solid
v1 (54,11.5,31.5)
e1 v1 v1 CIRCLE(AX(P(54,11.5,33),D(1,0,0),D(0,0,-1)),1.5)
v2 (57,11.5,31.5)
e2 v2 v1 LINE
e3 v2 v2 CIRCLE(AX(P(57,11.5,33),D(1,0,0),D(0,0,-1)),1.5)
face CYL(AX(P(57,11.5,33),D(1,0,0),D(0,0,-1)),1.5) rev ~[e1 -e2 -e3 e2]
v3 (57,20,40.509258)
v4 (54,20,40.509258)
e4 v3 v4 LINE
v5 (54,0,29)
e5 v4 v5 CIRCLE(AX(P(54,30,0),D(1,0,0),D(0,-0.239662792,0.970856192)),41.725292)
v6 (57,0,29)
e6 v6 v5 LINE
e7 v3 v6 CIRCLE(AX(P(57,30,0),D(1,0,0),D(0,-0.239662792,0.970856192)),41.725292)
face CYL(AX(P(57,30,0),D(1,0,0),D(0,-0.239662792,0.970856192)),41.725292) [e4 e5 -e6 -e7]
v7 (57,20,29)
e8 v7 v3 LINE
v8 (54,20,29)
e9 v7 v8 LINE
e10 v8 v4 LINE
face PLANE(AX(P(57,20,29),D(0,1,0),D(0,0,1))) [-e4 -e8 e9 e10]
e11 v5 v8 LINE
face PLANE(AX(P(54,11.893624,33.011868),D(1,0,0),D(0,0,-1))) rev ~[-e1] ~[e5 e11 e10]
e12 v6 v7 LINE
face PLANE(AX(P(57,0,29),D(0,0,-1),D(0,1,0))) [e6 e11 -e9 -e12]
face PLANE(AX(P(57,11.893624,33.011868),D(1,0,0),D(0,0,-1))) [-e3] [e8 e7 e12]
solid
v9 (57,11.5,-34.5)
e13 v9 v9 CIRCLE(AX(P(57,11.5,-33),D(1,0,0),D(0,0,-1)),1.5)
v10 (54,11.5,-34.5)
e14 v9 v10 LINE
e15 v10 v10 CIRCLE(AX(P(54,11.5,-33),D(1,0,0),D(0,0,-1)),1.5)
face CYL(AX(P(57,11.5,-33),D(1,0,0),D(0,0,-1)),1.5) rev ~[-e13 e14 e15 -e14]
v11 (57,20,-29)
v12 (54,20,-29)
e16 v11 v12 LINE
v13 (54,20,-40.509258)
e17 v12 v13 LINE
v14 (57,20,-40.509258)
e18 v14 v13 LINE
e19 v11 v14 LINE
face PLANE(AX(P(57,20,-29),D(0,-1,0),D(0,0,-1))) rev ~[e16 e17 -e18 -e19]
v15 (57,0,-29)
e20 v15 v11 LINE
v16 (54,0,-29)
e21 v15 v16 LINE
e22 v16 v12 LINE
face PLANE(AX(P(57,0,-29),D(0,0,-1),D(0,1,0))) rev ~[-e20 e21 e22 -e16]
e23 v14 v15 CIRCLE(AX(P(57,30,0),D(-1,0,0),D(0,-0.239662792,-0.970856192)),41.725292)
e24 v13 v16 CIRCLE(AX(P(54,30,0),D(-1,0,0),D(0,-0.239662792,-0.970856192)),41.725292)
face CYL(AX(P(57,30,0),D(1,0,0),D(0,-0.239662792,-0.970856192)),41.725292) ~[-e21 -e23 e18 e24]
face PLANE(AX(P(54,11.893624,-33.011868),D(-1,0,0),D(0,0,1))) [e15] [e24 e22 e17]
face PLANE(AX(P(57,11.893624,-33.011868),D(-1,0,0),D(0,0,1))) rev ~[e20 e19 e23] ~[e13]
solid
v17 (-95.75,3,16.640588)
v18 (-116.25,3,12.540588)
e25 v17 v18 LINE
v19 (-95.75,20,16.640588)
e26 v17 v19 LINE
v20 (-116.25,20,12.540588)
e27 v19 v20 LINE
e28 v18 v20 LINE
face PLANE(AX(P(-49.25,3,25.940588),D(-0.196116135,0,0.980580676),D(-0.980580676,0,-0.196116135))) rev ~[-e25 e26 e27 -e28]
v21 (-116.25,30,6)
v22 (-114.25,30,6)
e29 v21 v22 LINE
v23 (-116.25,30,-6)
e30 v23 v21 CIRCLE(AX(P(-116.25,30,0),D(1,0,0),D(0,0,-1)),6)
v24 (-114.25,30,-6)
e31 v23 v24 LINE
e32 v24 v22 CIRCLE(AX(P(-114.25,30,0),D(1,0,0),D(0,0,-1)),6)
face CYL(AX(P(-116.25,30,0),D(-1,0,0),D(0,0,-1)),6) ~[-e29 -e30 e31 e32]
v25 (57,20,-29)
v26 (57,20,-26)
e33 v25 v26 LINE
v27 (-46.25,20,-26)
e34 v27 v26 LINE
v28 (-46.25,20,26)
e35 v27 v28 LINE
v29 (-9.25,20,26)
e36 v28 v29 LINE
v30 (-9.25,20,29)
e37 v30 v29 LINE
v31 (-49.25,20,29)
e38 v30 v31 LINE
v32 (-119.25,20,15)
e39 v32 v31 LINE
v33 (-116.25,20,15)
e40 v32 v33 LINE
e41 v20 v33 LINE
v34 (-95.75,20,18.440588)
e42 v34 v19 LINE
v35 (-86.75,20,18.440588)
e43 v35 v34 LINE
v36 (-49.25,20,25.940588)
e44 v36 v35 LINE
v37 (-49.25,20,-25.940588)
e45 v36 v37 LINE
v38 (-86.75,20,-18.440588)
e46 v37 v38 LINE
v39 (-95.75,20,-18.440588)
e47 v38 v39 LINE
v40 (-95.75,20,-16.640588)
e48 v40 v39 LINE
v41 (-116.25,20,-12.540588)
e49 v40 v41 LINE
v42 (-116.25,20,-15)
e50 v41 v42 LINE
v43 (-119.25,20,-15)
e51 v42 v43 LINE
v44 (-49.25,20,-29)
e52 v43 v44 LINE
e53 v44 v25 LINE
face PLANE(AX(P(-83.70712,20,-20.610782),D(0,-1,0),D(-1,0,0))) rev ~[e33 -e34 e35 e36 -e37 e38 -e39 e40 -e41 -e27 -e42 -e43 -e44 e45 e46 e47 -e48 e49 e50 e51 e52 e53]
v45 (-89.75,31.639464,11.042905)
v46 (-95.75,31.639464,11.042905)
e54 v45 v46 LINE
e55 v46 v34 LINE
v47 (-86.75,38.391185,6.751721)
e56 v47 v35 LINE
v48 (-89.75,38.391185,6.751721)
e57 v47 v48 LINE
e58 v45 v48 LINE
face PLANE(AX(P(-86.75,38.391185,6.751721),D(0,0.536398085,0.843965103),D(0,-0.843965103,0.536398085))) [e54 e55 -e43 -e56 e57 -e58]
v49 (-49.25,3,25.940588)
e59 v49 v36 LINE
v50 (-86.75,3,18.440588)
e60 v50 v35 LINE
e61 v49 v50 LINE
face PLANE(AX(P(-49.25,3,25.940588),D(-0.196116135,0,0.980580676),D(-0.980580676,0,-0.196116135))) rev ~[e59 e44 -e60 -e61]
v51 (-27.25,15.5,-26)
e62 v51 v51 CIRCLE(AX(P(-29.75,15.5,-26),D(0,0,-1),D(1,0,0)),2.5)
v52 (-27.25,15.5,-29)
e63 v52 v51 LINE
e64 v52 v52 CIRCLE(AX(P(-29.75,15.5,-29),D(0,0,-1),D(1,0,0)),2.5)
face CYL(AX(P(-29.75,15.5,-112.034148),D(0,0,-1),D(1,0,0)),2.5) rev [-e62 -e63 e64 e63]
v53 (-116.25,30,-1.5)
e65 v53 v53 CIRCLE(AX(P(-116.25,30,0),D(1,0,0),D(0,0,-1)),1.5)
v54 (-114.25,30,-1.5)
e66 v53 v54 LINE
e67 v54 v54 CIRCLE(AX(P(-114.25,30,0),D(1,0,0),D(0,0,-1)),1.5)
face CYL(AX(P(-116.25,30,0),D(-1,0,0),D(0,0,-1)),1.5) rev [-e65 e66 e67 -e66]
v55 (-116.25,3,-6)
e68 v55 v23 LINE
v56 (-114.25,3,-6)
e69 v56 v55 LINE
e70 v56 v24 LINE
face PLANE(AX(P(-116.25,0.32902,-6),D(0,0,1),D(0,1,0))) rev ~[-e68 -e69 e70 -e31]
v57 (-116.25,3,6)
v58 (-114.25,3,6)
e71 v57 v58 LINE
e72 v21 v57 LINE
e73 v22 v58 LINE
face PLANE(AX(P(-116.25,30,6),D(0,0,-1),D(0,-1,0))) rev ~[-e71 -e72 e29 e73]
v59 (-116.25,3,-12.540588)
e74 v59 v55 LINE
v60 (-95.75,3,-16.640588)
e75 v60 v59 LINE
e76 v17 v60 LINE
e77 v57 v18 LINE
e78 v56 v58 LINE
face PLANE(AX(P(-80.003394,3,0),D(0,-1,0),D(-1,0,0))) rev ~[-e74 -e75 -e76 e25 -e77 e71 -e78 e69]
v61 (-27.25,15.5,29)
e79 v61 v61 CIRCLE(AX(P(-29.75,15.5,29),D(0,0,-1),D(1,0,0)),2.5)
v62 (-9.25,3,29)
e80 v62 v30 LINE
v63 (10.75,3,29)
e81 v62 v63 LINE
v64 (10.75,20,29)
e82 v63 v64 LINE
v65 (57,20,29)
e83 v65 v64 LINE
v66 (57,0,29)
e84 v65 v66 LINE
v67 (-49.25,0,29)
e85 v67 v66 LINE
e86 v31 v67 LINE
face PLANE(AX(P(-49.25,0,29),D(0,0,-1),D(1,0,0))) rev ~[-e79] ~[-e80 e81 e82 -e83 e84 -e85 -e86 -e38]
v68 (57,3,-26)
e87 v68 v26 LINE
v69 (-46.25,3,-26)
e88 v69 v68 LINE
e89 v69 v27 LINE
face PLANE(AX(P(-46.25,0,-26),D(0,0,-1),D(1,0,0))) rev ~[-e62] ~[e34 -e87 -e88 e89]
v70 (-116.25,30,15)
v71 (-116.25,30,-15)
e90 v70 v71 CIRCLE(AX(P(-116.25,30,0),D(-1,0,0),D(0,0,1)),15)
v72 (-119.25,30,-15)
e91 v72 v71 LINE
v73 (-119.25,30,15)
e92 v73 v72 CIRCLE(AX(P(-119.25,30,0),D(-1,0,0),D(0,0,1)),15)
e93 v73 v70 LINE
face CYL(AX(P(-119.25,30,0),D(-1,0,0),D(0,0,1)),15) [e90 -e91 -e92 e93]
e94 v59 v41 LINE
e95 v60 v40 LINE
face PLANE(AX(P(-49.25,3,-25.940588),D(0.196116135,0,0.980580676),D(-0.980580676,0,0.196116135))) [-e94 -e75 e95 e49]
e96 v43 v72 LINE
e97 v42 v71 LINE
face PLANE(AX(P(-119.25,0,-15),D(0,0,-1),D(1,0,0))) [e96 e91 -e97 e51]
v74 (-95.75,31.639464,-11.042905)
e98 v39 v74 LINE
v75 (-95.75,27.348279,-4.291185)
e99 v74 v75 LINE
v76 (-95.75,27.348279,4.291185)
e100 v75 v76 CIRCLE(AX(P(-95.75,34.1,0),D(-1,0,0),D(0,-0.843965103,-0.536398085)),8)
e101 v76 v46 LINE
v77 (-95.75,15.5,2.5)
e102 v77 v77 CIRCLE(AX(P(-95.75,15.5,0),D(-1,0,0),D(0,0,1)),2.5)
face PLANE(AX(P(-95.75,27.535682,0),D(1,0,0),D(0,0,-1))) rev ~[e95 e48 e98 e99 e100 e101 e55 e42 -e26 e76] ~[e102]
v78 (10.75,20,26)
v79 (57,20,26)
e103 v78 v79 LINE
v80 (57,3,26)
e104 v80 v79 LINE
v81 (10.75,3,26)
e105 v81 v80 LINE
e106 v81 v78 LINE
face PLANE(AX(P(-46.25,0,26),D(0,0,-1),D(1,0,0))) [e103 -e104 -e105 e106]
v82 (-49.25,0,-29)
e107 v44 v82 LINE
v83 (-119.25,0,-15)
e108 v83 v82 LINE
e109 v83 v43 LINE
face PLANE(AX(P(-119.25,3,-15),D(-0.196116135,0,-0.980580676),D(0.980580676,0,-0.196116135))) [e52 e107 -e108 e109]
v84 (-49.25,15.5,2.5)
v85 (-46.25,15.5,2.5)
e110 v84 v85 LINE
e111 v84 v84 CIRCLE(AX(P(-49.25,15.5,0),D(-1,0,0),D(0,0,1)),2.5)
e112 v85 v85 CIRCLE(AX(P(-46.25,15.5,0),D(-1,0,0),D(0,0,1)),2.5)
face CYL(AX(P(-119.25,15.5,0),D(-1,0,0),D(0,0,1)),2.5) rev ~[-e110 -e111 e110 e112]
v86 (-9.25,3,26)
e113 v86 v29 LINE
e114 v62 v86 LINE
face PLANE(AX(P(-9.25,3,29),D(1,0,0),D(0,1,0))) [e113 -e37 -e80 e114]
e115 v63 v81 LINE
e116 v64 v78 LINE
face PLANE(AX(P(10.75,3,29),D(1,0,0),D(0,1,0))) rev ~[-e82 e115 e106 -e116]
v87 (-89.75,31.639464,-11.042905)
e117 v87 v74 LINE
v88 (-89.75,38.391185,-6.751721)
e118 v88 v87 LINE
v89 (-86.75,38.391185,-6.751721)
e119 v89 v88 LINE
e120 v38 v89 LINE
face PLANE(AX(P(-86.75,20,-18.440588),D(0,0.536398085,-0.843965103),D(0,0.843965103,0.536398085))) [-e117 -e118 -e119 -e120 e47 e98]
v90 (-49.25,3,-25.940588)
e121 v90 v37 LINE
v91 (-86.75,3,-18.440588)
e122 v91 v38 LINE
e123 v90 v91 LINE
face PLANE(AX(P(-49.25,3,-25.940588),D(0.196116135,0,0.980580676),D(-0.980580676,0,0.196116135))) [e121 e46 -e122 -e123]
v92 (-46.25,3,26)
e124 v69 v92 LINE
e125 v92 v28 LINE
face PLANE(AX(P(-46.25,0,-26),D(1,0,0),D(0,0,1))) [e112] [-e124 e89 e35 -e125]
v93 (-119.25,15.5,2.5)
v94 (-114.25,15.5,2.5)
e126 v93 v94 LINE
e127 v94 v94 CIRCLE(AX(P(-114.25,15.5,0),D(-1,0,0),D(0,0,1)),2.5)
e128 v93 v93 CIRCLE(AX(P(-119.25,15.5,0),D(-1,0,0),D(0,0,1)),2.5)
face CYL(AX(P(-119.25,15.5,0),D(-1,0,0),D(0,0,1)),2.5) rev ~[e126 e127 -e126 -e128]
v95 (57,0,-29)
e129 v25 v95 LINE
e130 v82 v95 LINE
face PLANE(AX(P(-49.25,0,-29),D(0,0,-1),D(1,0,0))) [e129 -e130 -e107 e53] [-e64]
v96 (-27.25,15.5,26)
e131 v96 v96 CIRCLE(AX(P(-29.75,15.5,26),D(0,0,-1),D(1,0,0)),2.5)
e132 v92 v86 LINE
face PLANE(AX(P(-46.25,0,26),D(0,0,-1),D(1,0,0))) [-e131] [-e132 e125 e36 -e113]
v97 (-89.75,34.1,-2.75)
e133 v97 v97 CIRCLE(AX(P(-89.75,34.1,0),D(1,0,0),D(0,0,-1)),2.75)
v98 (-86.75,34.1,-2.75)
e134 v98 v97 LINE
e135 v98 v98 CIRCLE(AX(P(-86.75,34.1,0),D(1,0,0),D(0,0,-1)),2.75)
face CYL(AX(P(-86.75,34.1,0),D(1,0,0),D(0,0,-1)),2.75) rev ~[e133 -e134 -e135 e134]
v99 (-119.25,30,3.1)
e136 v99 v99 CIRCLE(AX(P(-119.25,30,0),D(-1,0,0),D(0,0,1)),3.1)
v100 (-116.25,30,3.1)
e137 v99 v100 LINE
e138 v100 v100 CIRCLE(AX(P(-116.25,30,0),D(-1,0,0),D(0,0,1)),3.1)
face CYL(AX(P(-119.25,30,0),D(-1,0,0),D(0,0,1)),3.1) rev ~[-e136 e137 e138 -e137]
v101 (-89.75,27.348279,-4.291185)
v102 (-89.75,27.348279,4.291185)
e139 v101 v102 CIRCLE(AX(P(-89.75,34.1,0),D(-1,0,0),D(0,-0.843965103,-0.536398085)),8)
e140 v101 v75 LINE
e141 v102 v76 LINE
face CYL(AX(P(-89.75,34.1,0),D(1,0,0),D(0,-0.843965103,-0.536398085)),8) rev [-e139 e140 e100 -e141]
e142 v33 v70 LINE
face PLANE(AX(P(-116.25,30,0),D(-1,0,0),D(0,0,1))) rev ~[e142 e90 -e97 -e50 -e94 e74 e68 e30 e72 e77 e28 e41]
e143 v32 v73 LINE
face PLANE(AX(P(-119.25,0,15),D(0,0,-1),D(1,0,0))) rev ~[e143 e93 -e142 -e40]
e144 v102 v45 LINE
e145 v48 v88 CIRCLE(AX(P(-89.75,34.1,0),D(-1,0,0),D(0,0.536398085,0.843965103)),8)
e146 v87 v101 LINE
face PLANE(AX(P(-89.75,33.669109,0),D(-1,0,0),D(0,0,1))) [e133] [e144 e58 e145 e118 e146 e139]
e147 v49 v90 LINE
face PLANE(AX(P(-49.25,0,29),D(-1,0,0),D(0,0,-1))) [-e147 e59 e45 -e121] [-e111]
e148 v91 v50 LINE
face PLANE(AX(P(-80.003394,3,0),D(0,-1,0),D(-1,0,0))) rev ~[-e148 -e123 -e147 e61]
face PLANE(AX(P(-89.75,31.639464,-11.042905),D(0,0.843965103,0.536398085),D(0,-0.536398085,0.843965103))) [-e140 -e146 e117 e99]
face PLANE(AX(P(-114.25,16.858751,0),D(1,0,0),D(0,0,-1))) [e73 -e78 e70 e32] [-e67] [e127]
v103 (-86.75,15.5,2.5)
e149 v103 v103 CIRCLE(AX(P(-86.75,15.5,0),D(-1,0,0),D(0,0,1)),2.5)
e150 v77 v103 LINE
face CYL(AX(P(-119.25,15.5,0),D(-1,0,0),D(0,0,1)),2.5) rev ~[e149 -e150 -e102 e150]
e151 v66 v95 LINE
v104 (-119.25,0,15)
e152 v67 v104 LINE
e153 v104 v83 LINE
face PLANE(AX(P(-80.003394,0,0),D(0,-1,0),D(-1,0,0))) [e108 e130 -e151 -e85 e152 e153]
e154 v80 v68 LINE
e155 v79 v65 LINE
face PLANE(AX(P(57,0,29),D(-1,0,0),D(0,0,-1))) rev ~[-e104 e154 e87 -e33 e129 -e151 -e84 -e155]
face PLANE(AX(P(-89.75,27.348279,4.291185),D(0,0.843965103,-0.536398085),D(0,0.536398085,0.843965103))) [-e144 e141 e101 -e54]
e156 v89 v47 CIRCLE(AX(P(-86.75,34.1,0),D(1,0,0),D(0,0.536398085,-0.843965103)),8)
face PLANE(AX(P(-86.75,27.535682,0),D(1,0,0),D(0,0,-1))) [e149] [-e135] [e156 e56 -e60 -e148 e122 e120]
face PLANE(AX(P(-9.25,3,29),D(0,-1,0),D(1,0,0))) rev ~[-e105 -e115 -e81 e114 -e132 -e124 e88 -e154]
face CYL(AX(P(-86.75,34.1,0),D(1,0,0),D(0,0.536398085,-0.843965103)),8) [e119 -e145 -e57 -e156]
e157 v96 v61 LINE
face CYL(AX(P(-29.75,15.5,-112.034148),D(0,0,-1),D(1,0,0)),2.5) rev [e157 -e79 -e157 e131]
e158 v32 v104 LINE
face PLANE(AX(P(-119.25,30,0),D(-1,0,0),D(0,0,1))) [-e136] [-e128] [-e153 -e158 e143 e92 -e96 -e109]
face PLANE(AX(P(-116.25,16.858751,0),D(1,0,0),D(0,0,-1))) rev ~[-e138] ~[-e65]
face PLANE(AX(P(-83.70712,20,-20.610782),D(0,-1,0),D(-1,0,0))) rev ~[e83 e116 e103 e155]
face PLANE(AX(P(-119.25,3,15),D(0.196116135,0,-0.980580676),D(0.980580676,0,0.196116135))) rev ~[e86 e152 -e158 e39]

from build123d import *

# Parameters (mm, degrees)
SKETCH2_W               = 106.25
SKETCH2_H               = 58
BOSS_EXTRUDE1_DEPTH     = 3
SKETCH3_W               = 103.25
SKETCH3_H               = 3
BOSS_EXTRUDE2_DEPTH     = 20
SKETCH4_W               = 3
SKETCH4_H               = 30
BOSS_EXTRUDE3_DEPTH     = 30
BOSS_EXTRUDE4_DEPTH     = 17
SKETCH6_R               = 15
BOSS_EXTRUDE5_DEPTH     = 3
CUT_EXTRUDE1_REACH      = 186.201
SKETCH7_R               = 3.1
SKETCH19_R              = 1.5
BOSS_EXTRUDE9_DEPTH     = 2
BOSS_EXTRUDE6_DEPTH     = 17
SKETCH9_R               = 2.5
CUT_EXTRUDE2_DEPTH      = 185.201146848
CUT_EXTRUDE3_DEPTH      = 141.034147621
CUT_EXTRUDE3_DEPTH_BACK = 141.034147621
SKETCH10_R              = 2.5
SKETCH14_R              = 2.75
BOSS_EXTRUDE7_DEPTH     = 9
SKETCH16_R              = 1.5
BOSS_EXTRUDE8_DEPTH     = 3
BOSS_EXTRUDE8_2_DEPTH   = 3
CUT_EXTRUDE4_START      = -6
CUT_EXTRUDE4_DEPTH      = 6
SKETCH18_W              = 20
SKETCH18_H              = 17
CUT_EXTRUDE5_DEPTH      = 3


with BuildPart() as part:
    # Sketch2 → Boss-Extrude1 (new body)
    with BuildSketch(Plane(origin=(0, 0, 0), x_dir=(1, 0, 0), z_dir=(0, 1, 0))):
        Polygon((-119.25, 15), (-49.25, 29), (-49.25, -29), (-119.25, -15), align=None)
        with Locations((3.875, 0)):
            Rectangle(SKETCH2_W, SKETCH2_H)
    extrude(amount=BOSS_EXTRUDE1_DEPTH)

    # Sketch3 → Boss-Extrude2 (add)
    with BuildSketch(Plane.XZ):
        with Locations((5.375, 27.5)):
            Rectangle(SKETCH3_W, SKETCH3_H)
        Polygon((-46.25, 29), (-49.25, 29), (-49.25, 25.940588292), (-49.25, -25.940588292), (-49.25, -29), (-46.25, -29), (-46.25, -26), (-46.25, 26), align=None)
        with Locations((5.375, -27.5)):
            Rectangle(SKETCH3_W, SKETCH3_H)
    extrude(amount=-BOSS_EXTRUDE2_DEPTH)

    # Sketch4 → Boss-Extrude3 (add)
    with BuildSketch(Plane.XZ):
        with Locations((-117.75, 0)):
            Rectangle(SKETCH4_W, SKETCH4_H)
    extrude(amount=-BOSS_EXTRUDE3_DEPTH)

    # Sketch5 → Boss-Extrude4 (add)
    with BuildSketch(Plane(origin=(0, 3, 0), x_dir=(1, 0, 0), z_dir=(0, 1, 0))):
        Polygon((-49.25, 25.940588292), (-116.25, 12.540588292), (-119.25, 15), (-49.25, 29), align=None)
        Polygon((-49.25, -25.940588292), (-116.25, -12.540588292), (-119.25, -15), (-49.25, -29), align=None)
    extrude(amount=BOSS_EXTRUDE4_DEPTH)

    # Sketch6 → Boss-Extrude5 (add)
    with BuildSketch(Plane.ZY.offset(119.25)):
        with Locations((0, 30)):
            Circle(SKETCH6_R)
    extrude(amount=-BOSS_EXTRUDE5_DEPTH)

    # Sketch7 → Cut-Extrude1 (cut, up to next)
    with BuildSketch(Plane.ZY.offset(119.25), mode=Mode.PRIVATE) as cut_extrude1_sk1:
        with Locations((0, 30)):
            Circle(SKETCH7_R)
    cut_extrude1_tool1 = extrude(cut_extrude1_sk1.sketch, amount=-CUT_EXTRUDE1_REACH, mode=Mode.PRIVATE) & part.part
    add(cut_extrude1_tool1.solids().sort_by_distance((-119.25, 30, 0))[0], mode=Mode.SUBTRACT)

    # Sketch19 → Boss-Extrude9 (add)
    with BuildSketch(Plane(origin=(-116.25, 0, 0), x_dir=(0, 0, -1), z_dir=(1, 0, 0))):
        with BuildLine():
            Line((-6, 30), (-6, 0.329020031))
            Line((-6, 0.329020031), (6, 0.329020031))
            Line((6, 0.329020031), (6, 30))
            ThreePointArc((6, 30), (0, 36), (-6, 30))
        make_face()
        with Locations((0, 30)):
            Circle(SKETCH19_R, mode=Mode.SUBTRACT)
    extrude(amount=BOSS_EXTRUDE9_DEPTH)

    # Sketch11 → Boss-Extrude6 (add)
    with BuildSketch(Plane(origin=(0, 3, 0), x_dir=(1, 0, 0), z_dir=(0, 1, 0))):
        Polygon((-86.75, 18.440588292), (-86.75, -18.440588292), (-95.75, -16.640588292), (-95.75, 16.640588292), align=None)
    extrude(amount=BOSS_EXTRUDE6_DEPTH)

    # Sketch9 → Cut-Extrude2 (cut, through all)
    with BuildSketch(Plane.ZY.offset(119.25)):
        with Locations((0, 15.5)):
            Circle(SKETCH9_R)
    extrude(amount=-CUT_EXTRUDE2_DEPTH, mode=Mode.SUBTRACT)

    # Sketch10 → Cut-Extrude3 (cut, two sides: drawn at the far end of the back side and taken through both)
    with BuildSketch(Plane.XY.offset(29).offset(-CUT_EXTRUDE3_DEPTH_BACK)):
        with Locations((-29.75, 15.5)):
            Circle(SKETCH10_R)
    extrude(amount=CUT_EXTRUDE3_DEPTH + CUT_EXTRUDE3_DEPTH_BACK, mode=Mode.SUBTRACT)

    # Sketch14 → Boss-Extrude7 (add)
    with BuildSketch(Plane(origin=(-86.75, 0, 0), x_dir=(0, 0, -1), z_dir=(1, 0, 0))):
        with BuildLine():
            Line((18.440588292, 20), (6.751720823, 38.391184677))
            ThreePointArc((6.751720823, 38.391184677), (0, 42.1), (-6.751720823, 38.391184677))
            Line((-6.751720823, 38.391184677), (-18.440588292, 20))
            Line((-18.440588292, 20), (18.440588292, 20))
        make_face()
        with Locations((0, 34.1)):
            Circle(SKETCH14_R, mode=Mode.SUBTRACT)
    extrude(amount=-BOSS_EXTRUDE7_DEPTH)

    # Sketch17 → Cut-Extrude4 (cut)
    with BuildSketch(Plane.ZY.offset(95.75).offset(CUT_EXTRUDE4_START)):
        with BuildLine():
            Line((4.291184677, 27.348279177), (11.0429055, 31.639463855))
            Line((11.0429055, 31.639463855), (6.751720823, 38.391184677))
            ThreePointArc((6.751720823, 38.391184677), (0, 42.1), (-6.751720823, 38.391184677))
            Line((-6.751720823, 38.391184677), (-11.0429055, 31.639463855))
            Line((-11.0429055, 31.639463855), (-4.291184677, 27.348279177))
            ThreePointArc((-4.291184677, 27.348279177), (0, 26.1), (4.291184677, 27.348279177))
        make_face()
    extrude(amount=CUT_EXTRUDE4_DEPTH, mode=Mode.SUBTRACT)

    # Sketch18 → Cut-Extrude5 (cut)
    with BuildSketch(Plane.XY.offset(29)):
        with Locations((0.75, 11.5)):
            Rectangle(SKETCH18_W, SKETCH18_H)
    extrude(amount=-CUT_EXTRUDE5_DEPTH, mode=Mode.SUBTRACT)


with BuildPart() as body_2:
    # Sketch16 → Boss-Extrude8 (new body)
    with BuildSketch(Plane(origin=(57, 0, 0), x_dir=(0, 0, -1), z_dir=(1, 0, 0))):
        with BuildLine():
            Line((-29, 20), (-40.509258201, 20))
            ThreePointArc((-40.509258201, 20), (-36.164682273, 9.188566698), (-29, 0))
            Line((-29, 0), (-29, 20))
        make_face()
        with Locations((-33, 11.5)):
            Circle(SKETCH16_R, mode=Mode.SUBTRACT)
    extrude(amount=-BOSS_EXTRUDE8_DEPTH)


with BuildPart() as body_3:
    # Sketch16 → Boss-Extrude8 2 (new body)
    with BuildSketch(Plane(origin=(57, 0, 0), x_dir=(0, 0, -1), z_dir=(1, 0, 0))):
        with BuildLine():
            Line((29, 20), (40.509258201, 20))
            ThreePointArc((40.509258201, 20), (36.164682273, 9.188566698), (29, 0))
            Line((29, 0), (29, 20))
        make_face()
        with Locations((33, 11.5)):
            Circle(SKETCH16_R, mode=Mode.SUBTRACT)
    extrude(amount=-BOSS_EXTRUDE8_2_DEPTH)


solid = Compound([part.part, body_2.part, body_3.part])
